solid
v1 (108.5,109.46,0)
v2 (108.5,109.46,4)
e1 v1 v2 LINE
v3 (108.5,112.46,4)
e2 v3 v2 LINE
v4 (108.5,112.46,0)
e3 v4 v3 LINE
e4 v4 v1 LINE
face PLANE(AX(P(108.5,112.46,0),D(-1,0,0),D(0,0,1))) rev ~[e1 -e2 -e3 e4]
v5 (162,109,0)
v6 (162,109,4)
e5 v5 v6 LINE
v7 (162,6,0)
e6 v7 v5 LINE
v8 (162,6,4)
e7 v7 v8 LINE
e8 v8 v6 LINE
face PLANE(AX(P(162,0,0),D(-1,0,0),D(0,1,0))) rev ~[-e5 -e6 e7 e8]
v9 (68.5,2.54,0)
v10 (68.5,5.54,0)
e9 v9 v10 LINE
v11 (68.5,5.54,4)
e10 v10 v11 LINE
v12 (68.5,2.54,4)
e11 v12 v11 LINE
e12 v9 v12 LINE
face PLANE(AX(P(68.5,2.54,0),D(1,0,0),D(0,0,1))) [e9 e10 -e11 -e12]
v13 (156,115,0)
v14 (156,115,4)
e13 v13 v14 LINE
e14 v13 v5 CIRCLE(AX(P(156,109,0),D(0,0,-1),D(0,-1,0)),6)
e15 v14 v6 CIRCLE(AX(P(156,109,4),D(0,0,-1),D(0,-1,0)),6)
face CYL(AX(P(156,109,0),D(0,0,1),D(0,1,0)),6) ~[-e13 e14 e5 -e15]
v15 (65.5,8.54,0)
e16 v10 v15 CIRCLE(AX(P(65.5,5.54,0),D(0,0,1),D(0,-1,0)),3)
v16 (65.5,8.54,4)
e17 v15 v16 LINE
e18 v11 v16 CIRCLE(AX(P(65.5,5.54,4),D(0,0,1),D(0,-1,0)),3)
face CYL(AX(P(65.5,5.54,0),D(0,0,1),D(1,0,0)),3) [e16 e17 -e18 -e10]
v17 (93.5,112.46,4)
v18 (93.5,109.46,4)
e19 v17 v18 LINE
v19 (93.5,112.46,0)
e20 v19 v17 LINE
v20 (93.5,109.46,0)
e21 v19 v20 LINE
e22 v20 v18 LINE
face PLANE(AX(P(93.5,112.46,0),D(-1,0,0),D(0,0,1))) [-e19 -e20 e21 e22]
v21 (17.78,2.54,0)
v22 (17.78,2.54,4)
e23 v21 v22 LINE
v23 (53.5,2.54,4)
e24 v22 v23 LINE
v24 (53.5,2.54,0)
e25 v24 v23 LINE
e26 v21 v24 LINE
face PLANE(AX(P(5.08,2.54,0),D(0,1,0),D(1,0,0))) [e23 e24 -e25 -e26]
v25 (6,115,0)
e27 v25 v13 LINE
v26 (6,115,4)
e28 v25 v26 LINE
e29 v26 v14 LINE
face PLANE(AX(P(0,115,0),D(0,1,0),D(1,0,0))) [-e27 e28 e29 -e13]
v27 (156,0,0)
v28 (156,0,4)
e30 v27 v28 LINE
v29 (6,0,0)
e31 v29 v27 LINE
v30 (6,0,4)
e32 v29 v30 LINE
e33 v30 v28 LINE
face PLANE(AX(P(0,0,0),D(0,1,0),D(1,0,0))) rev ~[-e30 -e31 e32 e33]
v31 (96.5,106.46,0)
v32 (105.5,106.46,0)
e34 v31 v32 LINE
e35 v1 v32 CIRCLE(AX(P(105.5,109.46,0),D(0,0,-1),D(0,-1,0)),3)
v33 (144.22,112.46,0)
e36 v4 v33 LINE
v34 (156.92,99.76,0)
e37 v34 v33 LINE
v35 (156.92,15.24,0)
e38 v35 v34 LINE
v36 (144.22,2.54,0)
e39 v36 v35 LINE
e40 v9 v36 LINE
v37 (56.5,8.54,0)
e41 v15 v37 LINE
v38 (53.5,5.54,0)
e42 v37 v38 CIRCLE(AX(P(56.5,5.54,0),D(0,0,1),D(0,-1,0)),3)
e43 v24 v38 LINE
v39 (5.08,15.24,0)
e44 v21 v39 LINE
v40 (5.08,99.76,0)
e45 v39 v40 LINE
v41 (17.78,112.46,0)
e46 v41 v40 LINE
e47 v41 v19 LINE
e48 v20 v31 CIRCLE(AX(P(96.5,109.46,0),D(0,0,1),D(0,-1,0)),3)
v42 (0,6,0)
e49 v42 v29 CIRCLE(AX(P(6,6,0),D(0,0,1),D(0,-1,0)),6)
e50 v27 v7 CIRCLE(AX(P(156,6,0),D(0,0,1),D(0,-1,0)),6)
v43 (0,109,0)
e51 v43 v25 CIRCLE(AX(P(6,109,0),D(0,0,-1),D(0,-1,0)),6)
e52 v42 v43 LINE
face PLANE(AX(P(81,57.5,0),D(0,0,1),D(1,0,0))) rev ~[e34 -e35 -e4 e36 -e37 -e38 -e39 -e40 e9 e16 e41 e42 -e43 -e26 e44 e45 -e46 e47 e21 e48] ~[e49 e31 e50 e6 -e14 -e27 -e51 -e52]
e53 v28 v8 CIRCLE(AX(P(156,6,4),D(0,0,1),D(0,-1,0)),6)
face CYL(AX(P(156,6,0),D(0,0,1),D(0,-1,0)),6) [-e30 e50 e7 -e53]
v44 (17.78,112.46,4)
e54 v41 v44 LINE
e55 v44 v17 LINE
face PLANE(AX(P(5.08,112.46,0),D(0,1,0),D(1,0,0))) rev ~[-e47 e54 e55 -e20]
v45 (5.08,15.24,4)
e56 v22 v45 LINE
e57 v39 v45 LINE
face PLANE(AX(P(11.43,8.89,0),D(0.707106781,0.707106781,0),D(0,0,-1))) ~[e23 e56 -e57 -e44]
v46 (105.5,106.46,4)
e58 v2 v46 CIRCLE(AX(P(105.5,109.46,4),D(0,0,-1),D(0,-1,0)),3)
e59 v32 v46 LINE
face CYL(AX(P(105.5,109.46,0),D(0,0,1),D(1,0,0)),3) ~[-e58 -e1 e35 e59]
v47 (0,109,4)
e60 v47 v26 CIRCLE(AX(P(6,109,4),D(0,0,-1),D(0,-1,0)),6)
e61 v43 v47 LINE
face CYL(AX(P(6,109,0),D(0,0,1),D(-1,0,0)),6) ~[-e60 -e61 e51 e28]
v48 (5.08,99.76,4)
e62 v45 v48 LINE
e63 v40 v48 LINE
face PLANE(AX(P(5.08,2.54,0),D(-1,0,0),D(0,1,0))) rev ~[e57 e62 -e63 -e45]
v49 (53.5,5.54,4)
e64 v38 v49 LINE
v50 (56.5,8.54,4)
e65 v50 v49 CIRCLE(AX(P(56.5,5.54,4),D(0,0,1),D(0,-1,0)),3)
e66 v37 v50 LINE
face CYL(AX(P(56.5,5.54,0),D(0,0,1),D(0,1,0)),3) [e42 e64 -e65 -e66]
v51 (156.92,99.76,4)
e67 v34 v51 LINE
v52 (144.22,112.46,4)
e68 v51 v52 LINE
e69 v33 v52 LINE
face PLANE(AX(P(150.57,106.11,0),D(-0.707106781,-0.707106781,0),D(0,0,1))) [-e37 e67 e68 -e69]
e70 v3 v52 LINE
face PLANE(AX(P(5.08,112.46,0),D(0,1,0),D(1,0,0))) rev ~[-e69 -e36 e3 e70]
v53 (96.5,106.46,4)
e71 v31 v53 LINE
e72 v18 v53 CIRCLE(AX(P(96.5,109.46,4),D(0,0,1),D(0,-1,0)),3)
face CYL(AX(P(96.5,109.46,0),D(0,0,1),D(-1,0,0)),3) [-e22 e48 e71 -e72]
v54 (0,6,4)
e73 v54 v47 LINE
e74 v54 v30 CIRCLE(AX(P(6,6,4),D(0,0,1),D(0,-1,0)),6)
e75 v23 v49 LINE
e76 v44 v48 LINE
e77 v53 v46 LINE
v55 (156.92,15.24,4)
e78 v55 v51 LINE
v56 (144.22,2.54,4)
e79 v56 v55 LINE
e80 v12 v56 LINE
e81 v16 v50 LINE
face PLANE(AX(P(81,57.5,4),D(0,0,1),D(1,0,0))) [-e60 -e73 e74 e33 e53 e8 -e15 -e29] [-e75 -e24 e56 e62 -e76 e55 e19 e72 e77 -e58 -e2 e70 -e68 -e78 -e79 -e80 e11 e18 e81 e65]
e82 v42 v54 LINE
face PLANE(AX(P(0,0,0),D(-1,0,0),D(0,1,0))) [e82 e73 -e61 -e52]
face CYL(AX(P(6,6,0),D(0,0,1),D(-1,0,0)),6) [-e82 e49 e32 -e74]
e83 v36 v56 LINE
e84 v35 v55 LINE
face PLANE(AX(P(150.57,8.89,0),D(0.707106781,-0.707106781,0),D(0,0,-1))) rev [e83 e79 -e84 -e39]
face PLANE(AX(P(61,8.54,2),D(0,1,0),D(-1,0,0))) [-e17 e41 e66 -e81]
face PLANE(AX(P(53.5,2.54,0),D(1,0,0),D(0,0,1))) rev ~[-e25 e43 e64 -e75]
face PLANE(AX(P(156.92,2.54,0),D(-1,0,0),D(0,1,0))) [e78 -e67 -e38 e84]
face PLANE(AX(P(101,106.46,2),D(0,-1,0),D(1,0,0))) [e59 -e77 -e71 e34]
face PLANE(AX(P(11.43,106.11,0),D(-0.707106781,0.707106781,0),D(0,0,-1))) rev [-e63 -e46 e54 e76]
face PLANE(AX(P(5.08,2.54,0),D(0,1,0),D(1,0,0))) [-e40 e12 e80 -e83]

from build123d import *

# Parameters (mm, degrees)
F0_W     = 162
F0_H     = 115
F0_W_2   = 151.84
F0_H_2   = 109.92
F1_DEPTH = 4
F2_R     = 6
F3_SIZE  = 12.7
F4_W     = 15
F4_H     = 4
F5_DEPTH = 6
F6_W     = 15
F6_H     = 4
F7_DEPTH = 6
F8_R     = 3


with BuildPart() as f1:
    # F0 (on Top) → F1 (new body)
    with BuildSketch(Plane.XY):
        with Locations((81, 57.5)):
            Rectangle(F0_W, F0_H)
        with Locations((81, 57.5)):
            Rectangle(F0_W_2, F0_H_2, mode=Mode.SUBTRACT)
    extrude(amount=F1_DEPTH)

    # F2
    f2_edges = [f1.edges().sort_by_distance(p)[0] for p in [
        (0, 115, 2),
        (162, 115, 2),
        (162, 0, 2),
        (0, 0, 2),
    ]]
    fillet(f2_edges, radius=F2_R)

    # F3
    f3_edges = [f1.edges().sort_by_distance(p)[0] for p in [
        (5.08, 112.46, 2),
        (156.92, 2.54, 2),
        (156.92, 112.46, 2),
        (5.08, 2.54, 2),
    ]]
    chamfer(f3_edges, length=F3_SIZE)

    # F4 (on face) → F5 (join)
    with BuildSketch(Plane(origin=(0, 2.54, 0), x_dir=(-1, 0, 0), z_dir=(0, 1, 0))):
        with Locations((-61, 2)):
            Rectangle(F4_W, F4_H)
    extrude(amount=F5_DEPTH)

    # F6 (on face) → F7 (join)
    with BuildSketch(Plane.XZ.offset(-112.46)):
        with Locations((101, 2)):
            Rectangle(F6_W, F6_H)
    extrude(amount=F7_DEPTH)

    # F8
    f8_edges = [f1.edges().sort_by_distance(p)[0] for p in [
        (93.5, 106.46, 2),
        (108.5, 106.46, 2),
        (68.5, 8.54, 2),
        (53.5, 8.54, 2),
    ]]
    fillet(f8_edges, radius=F8_R)


solid = f1.part
